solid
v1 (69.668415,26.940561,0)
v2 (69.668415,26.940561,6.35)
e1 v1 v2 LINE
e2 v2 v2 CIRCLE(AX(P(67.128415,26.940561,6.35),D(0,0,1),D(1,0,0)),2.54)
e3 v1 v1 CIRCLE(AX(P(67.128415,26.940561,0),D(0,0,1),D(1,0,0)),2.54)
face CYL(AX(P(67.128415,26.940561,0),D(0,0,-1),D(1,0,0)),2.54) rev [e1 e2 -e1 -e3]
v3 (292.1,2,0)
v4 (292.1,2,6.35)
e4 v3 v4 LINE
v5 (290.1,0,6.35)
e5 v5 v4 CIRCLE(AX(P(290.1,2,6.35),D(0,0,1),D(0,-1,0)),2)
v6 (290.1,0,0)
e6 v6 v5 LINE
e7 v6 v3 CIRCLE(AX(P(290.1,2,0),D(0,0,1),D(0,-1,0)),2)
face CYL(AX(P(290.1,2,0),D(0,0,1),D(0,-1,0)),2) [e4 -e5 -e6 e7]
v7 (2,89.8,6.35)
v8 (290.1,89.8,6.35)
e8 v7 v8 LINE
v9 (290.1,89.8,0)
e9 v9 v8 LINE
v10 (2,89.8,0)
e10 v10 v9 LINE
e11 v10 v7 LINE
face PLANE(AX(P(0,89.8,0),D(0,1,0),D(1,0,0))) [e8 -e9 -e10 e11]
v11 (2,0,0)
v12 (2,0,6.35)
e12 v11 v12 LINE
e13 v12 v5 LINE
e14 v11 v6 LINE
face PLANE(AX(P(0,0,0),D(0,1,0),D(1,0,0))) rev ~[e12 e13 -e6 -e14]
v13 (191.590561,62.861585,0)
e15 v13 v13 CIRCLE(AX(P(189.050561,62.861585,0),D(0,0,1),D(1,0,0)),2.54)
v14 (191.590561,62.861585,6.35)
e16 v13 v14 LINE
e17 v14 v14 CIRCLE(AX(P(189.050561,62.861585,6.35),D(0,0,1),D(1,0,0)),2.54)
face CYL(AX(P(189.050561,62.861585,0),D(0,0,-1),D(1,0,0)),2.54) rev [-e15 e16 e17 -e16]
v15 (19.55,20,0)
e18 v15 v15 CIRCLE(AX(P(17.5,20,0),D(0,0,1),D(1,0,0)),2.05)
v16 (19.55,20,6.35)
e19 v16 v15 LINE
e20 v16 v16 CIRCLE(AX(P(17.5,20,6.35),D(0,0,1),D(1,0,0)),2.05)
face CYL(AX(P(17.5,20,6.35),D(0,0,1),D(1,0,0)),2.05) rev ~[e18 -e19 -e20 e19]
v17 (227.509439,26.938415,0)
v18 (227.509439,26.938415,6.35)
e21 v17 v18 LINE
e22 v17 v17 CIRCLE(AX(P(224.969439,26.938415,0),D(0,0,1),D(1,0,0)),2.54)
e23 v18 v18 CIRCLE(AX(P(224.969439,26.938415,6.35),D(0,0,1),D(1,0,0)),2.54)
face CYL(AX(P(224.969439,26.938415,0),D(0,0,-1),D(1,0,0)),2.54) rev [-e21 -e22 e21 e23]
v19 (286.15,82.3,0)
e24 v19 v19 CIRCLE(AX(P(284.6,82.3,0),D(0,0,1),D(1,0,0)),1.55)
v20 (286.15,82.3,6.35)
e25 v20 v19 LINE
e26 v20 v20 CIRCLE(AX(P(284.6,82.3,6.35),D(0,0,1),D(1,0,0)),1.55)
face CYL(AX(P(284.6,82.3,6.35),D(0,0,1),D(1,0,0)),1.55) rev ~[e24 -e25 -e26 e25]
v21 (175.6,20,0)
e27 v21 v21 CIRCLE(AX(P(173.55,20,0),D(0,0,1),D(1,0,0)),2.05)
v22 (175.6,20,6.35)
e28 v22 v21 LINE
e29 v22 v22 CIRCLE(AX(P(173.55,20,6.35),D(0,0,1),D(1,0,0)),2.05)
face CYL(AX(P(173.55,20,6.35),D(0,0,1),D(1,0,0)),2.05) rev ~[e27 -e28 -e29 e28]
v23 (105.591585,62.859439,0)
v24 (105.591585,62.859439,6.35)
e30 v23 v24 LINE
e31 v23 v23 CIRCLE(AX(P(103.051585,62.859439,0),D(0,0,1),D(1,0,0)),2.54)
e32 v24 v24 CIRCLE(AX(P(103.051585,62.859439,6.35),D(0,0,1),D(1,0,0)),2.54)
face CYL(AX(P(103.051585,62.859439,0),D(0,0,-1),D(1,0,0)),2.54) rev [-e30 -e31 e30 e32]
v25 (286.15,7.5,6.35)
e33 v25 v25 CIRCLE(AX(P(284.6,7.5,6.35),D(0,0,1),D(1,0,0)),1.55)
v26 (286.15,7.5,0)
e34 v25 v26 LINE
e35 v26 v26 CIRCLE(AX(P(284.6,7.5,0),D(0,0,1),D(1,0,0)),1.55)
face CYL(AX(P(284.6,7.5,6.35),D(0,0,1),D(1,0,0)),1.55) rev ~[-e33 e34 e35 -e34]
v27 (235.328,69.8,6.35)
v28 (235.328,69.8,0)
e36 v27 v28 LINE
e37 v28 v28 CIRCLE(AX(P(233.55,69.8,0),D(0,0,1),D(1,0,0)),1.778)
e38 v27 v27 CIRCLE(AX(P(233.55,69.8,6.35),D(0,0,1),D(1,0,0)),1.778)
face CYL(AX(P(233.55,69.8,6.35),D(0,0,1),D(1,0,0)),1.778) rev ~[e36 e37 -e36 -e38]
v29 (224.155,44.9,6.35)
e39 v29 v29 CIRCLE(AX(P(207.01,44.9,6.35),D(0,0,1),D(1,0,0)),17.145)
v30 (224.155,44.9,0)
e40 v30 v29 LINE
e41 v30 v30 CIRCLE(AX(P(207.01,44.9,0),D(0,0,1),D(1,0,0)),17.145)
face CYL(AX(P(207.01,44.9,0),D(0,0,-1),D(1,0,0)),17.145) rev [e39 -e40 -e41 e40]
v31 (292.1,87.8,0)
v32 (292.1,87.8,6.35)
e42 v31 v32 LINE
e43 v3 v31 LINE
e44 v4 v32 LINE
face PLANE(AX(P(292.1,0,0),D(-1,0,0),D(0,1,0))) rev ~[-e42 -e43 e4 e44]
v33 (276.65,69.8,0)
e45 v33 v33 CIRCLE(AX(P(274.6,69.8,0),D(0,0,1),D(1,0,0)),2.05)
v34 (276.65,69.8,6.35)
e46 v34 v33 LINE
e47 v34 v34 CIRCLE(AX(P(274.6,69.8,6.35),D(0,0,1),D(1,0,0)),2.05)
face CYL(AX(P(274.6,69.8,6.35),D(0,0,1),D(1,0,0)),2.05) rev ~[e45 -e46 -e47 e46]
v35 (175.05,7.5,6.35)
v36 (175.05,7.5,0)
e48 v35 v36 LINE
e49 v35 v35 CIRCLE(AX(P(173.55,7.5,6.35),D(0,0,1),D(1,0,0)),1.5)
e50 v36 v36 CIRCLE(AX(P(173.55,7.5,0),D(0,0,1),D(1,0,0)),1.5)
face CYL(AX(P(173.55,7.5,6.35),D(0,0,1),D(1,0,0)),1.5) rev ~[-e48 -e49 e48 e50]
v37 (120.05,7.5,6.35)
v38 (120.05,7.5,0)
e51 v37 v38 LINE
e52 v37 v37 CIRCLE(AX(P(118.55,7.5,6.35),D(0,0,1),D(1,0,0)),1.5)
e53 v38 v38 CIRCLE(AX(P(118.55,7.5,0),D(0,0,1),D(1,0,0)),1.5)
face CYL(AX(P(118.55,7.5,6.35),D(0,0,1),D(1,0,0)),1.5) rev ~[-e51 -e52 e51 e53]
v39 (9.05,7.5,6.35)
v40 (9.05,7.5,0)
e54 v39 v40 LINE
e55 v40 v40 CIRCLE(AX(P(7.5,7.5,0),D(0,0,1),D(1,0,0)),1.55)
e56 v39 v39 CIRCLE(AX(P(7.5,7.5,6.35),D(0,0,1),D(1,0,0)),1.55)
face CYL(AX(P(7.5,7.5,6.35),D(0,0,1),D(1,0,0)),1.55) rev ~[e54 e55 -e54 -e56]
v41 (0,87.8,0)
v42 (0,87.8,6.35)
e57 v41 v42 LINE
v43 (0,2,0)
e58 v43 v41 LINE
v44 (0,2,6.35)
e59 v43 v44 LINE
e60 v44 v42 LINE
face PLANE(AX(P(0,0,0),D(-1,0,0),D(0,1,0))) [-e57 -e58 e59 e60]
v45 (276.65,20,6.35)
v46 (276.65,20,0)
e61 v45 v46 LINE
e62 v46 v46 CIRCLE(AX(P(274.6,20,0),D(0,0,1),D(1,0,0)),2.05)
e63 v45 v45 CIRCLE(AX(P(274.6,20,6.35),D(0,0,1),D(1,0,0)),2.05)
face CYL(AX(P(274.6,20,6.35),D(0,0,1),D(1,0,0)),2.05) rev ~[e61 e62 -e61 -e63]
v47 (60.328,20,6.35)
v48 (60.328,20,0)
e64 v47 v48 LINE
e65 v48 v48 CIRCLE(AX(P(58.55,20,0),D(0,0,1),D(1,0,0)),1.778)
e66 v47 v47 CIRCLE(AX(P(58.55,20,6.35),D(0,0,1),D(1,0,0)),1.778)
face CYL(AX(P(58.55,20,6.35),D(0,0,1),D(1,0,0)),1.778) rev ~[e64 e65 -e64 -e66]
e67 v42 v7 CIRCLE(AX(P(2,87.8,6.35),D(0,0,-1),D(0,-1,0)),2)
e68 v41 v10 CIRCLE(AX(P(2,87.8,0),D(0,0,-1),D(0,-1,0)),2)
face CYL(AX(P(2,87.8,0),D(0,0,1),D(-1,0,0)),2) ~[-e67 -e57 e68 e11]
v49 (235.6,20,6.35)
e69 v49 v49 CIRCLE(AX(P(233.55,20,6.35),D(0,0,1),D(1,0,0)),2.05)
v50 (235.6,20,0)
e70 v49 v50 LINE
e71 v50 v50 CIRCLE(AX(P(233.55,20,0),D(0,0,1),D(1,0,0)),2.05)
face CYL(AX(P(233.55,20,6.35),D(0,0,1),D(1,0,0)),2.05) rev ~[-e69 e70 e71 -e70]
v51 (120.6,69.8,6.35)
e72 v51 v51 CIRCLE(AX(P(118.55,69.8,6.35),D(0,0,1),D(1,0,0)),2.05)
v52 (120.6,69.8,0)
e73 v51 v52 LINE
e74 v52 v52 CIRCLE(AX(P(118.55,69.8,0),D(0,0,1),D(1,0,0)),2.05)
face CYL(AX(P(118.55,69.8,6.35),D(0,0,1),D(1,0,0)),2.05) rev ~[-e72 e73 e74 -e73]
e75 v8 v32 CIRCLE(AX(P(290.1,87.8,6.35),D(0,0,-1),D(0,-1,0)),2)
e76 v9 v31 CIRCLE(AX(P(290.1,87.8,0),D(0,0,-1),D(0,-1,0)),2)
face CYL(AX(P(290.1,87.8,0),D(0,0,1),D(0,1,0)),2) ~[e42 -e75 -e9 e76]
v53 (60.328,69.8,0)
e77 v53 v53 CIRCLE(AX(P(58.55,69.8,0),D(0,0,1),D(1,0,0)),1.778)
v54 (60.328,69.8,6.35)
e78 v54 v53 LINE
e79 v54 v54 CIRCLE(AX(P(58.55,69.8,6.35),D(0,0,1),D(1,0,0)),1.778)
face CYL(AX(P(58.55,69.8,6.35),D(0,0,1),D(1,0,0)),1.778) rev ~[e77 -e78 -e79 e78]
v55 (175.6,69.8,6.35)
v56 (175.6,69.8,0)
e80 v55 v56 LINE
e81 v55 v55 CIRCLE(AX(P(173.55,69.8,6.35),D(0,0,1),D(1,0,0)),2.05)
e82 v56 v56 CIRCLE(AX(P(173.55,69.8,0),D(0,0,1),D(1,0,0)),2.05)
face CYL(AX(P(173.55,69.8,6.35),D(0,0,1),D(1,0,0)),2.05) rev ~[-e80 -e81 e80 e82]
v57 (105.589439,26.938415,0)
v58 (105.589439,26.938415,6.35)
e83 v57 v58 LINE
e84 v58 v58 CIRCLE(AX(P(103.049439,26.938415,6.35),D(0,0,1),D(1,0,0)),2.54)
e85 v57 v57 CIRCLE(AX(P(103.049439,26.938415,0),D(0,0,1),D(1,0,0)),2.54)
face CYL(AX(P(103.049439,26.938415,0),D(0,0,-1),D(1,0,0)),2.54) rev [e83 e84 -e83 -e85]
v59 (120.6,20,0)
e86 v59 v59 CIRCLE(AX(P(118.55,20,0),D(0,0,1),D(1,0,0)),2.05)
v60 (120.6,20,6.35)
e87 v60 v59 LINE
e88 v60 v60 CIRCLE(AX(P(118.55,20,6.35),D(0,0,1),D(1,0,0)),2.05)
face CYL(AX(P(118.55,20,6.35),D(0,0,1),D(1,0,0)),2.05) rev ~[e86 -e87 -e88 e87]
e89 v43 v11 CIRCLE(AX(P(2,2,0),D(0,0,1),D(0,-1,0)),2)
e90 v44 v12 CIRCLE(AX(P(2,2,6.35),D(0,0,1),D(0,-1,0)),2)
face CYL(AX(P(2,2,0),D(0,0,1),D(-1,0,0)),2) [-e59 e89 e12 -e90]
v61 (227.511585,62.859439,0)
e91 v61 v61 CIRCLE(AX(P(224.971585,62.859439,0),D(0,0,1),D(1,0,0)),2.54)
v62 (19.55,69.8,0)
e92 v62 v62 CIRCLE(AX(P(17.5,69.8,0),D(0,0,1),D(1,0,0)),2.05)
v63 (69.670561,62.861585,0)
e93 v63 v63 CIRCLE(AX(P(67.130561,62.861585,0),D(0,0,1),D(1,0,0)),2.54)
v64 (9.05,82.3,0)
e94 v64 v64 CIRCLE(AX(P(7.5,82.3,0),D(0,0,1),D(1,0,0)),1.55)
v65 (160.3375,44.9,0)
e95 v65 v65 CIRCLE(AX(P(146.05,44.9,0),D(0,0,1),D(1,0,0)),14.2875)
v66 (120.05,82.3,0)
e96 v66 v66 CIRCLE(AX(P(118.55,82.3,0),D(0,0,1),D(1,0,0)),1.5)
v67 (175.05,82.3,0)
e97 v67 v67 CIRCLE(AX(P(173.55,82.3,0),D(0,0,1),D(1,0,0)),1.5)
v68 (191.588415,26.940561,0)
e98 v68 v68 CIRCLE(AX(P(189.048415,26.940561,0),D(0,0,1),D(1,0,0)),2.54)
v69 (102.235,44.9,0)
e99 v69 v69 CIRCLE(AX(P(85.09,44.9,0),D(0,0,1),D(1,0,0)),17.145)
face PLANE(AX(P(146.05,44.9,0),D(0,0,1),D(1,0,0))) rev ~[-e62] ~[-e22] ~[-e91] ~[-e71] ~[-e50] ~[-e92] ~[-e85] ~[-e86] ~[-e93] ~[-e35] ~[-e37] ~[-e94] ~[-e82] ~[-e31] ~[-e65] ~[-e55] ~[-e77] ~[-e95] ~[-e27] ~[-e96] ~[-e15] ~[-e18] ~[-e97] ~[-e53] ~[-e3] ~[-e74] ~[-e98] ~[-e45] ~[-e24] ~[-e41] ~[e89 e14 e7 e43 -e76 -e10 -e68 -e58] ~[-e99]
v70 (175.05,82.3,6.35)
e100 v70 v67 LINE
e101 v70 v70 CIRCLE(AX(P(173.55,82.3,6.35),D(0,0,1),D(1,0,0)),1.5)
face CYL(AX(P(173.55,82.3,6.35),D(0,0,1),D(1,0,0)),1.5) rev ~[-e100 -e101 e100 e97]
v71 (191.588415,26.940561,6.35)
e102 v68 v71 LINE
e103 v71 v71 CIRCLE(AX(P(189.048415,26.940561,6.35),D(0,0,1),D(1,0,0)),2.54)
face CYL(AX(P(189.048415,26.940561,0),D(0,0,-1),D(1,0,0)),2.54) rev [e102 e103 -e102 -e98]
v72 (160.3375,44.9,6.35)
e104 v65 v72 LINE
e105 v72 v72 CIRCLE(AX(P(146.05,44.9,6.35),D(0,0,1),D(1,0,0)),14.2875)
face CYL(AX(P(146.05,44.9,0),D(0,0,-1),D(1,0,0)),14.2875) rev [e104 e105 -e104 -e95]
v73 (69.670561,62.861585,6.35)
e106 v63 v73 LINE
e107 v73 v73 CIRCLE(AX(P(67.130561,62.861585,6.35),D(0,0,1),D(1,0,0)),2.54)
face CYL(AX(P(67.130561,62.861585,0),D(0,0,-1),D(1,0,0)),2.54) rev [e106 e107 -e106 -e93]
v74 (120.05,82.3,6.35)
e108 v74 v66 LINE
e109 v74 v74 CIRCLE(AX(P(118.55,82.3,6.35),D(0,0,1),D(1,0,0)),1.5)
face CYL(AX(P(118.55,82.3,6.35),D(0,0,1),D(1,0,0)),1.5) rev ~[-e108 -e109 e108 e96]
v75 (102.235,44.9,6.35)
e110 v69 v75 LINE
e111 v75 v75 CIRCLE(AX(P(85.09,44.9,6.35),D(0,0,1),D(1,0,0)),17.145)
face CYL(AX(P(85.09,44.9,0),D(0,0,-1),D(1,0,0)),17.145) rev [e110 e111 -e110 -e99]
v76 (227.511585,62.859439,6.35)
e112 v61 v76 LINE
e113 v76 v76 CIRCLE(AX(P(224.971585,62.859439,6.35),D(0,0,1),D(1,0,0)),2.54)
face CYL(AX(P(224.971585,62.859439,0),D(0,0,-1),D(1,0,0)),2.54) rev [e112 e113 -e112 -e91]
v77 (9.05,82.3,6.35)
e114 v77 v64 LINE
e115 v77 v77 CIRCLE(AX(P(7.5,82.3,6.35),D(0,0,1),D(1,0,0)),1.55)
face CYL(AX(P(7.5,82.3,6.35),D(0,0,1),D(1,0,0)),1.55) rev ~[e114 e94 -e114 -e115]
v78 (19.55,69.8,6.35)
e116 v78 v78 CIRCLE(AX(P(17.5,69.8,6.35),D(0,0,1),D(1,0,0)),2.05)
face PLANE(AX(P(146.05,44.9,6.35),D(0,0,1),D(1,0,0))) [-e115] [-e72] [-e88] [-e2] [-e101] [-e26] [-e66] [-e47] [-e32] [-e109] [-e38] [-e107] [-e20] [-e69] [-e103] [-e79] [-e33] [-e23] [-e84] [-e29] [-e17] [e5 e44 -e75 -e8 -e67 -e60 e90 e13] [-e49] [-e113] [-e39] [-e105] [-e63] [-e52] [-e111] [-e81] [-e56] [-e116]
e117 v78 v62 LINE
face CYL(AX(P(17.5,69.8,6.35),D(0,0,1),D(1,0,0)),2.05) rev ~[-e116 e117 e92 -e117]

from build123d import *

# Parameters (mm, degrees)
SKETCH1_W           = 292.1
SKETCH1_H           = 89.8
SKETCH1_R           = 14.2875
SKETCH1_R_2         = 2.54
SKETCH1_R_3         = 17.145
BOSS_EXTRUDE1_DEPTH = 6.35
SKETCH2_R           = 2.05
CUT_EXTRUDE1_DEPTH  = 10
SKETCH3_R           = 1.55
SKETCH3_R_2         = 2.05
SKETCH3_R_3         = 1.5
CUT_EXTRUDE2_DEPTH  = 10
FILLET1_R           = 2
SKETCH4_R           = 2.05
SKETCH4_R_2         = 1.778
CUT_EXTRUDE4_DEPTH  = 7.35


with BuildPart() as part:
    # Sketch1 → Boss-Extrude1 (new body)
    with BuildSketch(Plane.XY):
        with Locations((146.05, 44.9)):
            Rectangle(SKETCH1_W, SKETCH1_H)
        with Locations((146.05, 44.9)):
            Circle(SKETCH1_R, mode=Mode.SUBTRACT)
        with Locations((103.051585406, 62.859439014)):
            Circle(SKETCH1_R_2, mode=Mode.SUBTRACT)
        with Locations((103.049439014, 26.938414594)):
            Circle(SKETCH1_R_2, mode=Mode.SUBTRACT)
        with Locations((67.128414594, 26.940560986)):
            Circle(SKETCH1_R_2, mode=Mode.SUBTRACT)
        with Locations((67.130560986, 62.861585406)):
            Circle(SKETCH1_R_2, mode=Mode.SUBTRACT)
        with Locations((85.09, 44.9)):
            Circle(SKETCH1_R_3, mode=Mode.SUBTRACT)
        with Locations((189.050560986, 62.861585406)):
            Circle(SKETCH1_R_2, mode=Mode.SUBTRACT)
        with Locations((224.971585406, 62.859439014)):
            Circle(SKETCH1_R_2, mode=Mode.SUBTRACT)
        with Locations((224.969439014, 26.938414594)):
            Circle(SKETCH1_R_2, mode=Mode.SUBTRACT)
        with Locations((189.048414594, 26.940560986)):
            Circle(SKETCH1_R_2, mode=Mode.SUBTRACT)
        with Locations((207.01, 44.9)):
            Circle(SKETCH1_R_3, mode=Mode.SUBTRACT)
    extrude(amount=BOSS_EXTRUDE1_DEPTH)

    # Sketch2 → Cut-Extrude1 (cut)
    with BuildSketch(Plane.XY.offset(6.35)):
        with Locations((118.55, 20)):
            Circle(SKETCH2_R)
        with Locations((118.55, 69.8)):
            Circle(SKETCH2_R)
        with Locations((173.55, 20)):
            Circle(SKETCH2_R)
        with Locations((173.55, 69.8)):
            Circle(SKETCH2_R)
    extrude(amount=-CUT_EXTRUDE1_DEPTH, mode=Mode.SUBTRACT)

    # Sketch3 → Cut-Extrude2 (cut)
    with BuildSketch(Plane.XY.offset(6.35)):
        with Locations((284.6, 7.5)):
            Circle(SKETCH3_R)
        with Locations((7.5, 7.5)):
            Circle(SKETCH3_R)
        with Locations((7.5, 82.3)):
            Circle(SKETCH3_R)
        with Locations((284.6, 82.3)):
            Circle(SKETCH3_R)
        with Locations((274.6, 20)):
            Circle(SKETCH3_R_2)
        with Locations((17.5, 20)):
            Circle(SKETCH3_R_2)
        with Locations((17.5, 69.8)):
            Circle(SKETCH3_R_2)
        with Locations((274.6, 69.8)):
            Circle(SKETCH3_R_2)
        with Locations((173.55, 7.5)):
            Circle(SKETCH3_R_3)
        with Locations((173.55, 82.3)):
            Circle(SKETCH3_R_3)
        with Locations((118.55, 82.3)):
            Circle(SKETCH3_R_3)
        with Locations((118.55, 7.5)):
            Circle(SKETCH3_R_3)
    extrude(amount=-CUT_EXTRUDE2_DEPTH, mode=Mode.SUBTRACT)

    # Fillet1
    fillet1_edges = [part.edges().sort_by_distance(p)[0] for p in [
        (0, 89.8, 3.175),
        (292.1, 89.8, 3.175),
        (292.1, 0, 3.175),
        (0, 0, 3.175),
    ]]
    fillet(fillet1_edges, radius=FILLET1_R)

    # Sketch4 → Cut-Extrude4 (cut, through all)
    with BuildSketch(Plane.XY.offset(6.35)):
        with Locations((233.55, 20)):
            Circle(SKETCH4_R)
        with Locations((233.55, 69.8)):
            Circle(SKETCH4_R_2)
        with Locations((58.55, 69.8)):
            Circle(SKETCH4_R_2)
        with Locations((58.55, 20)):
            Circle(SKETCH4_R_2)
    extrude(amount=-CUT_EXTRUDE4_DEPTH, mode=Mode.SUBTRACT)


solid = part.part
